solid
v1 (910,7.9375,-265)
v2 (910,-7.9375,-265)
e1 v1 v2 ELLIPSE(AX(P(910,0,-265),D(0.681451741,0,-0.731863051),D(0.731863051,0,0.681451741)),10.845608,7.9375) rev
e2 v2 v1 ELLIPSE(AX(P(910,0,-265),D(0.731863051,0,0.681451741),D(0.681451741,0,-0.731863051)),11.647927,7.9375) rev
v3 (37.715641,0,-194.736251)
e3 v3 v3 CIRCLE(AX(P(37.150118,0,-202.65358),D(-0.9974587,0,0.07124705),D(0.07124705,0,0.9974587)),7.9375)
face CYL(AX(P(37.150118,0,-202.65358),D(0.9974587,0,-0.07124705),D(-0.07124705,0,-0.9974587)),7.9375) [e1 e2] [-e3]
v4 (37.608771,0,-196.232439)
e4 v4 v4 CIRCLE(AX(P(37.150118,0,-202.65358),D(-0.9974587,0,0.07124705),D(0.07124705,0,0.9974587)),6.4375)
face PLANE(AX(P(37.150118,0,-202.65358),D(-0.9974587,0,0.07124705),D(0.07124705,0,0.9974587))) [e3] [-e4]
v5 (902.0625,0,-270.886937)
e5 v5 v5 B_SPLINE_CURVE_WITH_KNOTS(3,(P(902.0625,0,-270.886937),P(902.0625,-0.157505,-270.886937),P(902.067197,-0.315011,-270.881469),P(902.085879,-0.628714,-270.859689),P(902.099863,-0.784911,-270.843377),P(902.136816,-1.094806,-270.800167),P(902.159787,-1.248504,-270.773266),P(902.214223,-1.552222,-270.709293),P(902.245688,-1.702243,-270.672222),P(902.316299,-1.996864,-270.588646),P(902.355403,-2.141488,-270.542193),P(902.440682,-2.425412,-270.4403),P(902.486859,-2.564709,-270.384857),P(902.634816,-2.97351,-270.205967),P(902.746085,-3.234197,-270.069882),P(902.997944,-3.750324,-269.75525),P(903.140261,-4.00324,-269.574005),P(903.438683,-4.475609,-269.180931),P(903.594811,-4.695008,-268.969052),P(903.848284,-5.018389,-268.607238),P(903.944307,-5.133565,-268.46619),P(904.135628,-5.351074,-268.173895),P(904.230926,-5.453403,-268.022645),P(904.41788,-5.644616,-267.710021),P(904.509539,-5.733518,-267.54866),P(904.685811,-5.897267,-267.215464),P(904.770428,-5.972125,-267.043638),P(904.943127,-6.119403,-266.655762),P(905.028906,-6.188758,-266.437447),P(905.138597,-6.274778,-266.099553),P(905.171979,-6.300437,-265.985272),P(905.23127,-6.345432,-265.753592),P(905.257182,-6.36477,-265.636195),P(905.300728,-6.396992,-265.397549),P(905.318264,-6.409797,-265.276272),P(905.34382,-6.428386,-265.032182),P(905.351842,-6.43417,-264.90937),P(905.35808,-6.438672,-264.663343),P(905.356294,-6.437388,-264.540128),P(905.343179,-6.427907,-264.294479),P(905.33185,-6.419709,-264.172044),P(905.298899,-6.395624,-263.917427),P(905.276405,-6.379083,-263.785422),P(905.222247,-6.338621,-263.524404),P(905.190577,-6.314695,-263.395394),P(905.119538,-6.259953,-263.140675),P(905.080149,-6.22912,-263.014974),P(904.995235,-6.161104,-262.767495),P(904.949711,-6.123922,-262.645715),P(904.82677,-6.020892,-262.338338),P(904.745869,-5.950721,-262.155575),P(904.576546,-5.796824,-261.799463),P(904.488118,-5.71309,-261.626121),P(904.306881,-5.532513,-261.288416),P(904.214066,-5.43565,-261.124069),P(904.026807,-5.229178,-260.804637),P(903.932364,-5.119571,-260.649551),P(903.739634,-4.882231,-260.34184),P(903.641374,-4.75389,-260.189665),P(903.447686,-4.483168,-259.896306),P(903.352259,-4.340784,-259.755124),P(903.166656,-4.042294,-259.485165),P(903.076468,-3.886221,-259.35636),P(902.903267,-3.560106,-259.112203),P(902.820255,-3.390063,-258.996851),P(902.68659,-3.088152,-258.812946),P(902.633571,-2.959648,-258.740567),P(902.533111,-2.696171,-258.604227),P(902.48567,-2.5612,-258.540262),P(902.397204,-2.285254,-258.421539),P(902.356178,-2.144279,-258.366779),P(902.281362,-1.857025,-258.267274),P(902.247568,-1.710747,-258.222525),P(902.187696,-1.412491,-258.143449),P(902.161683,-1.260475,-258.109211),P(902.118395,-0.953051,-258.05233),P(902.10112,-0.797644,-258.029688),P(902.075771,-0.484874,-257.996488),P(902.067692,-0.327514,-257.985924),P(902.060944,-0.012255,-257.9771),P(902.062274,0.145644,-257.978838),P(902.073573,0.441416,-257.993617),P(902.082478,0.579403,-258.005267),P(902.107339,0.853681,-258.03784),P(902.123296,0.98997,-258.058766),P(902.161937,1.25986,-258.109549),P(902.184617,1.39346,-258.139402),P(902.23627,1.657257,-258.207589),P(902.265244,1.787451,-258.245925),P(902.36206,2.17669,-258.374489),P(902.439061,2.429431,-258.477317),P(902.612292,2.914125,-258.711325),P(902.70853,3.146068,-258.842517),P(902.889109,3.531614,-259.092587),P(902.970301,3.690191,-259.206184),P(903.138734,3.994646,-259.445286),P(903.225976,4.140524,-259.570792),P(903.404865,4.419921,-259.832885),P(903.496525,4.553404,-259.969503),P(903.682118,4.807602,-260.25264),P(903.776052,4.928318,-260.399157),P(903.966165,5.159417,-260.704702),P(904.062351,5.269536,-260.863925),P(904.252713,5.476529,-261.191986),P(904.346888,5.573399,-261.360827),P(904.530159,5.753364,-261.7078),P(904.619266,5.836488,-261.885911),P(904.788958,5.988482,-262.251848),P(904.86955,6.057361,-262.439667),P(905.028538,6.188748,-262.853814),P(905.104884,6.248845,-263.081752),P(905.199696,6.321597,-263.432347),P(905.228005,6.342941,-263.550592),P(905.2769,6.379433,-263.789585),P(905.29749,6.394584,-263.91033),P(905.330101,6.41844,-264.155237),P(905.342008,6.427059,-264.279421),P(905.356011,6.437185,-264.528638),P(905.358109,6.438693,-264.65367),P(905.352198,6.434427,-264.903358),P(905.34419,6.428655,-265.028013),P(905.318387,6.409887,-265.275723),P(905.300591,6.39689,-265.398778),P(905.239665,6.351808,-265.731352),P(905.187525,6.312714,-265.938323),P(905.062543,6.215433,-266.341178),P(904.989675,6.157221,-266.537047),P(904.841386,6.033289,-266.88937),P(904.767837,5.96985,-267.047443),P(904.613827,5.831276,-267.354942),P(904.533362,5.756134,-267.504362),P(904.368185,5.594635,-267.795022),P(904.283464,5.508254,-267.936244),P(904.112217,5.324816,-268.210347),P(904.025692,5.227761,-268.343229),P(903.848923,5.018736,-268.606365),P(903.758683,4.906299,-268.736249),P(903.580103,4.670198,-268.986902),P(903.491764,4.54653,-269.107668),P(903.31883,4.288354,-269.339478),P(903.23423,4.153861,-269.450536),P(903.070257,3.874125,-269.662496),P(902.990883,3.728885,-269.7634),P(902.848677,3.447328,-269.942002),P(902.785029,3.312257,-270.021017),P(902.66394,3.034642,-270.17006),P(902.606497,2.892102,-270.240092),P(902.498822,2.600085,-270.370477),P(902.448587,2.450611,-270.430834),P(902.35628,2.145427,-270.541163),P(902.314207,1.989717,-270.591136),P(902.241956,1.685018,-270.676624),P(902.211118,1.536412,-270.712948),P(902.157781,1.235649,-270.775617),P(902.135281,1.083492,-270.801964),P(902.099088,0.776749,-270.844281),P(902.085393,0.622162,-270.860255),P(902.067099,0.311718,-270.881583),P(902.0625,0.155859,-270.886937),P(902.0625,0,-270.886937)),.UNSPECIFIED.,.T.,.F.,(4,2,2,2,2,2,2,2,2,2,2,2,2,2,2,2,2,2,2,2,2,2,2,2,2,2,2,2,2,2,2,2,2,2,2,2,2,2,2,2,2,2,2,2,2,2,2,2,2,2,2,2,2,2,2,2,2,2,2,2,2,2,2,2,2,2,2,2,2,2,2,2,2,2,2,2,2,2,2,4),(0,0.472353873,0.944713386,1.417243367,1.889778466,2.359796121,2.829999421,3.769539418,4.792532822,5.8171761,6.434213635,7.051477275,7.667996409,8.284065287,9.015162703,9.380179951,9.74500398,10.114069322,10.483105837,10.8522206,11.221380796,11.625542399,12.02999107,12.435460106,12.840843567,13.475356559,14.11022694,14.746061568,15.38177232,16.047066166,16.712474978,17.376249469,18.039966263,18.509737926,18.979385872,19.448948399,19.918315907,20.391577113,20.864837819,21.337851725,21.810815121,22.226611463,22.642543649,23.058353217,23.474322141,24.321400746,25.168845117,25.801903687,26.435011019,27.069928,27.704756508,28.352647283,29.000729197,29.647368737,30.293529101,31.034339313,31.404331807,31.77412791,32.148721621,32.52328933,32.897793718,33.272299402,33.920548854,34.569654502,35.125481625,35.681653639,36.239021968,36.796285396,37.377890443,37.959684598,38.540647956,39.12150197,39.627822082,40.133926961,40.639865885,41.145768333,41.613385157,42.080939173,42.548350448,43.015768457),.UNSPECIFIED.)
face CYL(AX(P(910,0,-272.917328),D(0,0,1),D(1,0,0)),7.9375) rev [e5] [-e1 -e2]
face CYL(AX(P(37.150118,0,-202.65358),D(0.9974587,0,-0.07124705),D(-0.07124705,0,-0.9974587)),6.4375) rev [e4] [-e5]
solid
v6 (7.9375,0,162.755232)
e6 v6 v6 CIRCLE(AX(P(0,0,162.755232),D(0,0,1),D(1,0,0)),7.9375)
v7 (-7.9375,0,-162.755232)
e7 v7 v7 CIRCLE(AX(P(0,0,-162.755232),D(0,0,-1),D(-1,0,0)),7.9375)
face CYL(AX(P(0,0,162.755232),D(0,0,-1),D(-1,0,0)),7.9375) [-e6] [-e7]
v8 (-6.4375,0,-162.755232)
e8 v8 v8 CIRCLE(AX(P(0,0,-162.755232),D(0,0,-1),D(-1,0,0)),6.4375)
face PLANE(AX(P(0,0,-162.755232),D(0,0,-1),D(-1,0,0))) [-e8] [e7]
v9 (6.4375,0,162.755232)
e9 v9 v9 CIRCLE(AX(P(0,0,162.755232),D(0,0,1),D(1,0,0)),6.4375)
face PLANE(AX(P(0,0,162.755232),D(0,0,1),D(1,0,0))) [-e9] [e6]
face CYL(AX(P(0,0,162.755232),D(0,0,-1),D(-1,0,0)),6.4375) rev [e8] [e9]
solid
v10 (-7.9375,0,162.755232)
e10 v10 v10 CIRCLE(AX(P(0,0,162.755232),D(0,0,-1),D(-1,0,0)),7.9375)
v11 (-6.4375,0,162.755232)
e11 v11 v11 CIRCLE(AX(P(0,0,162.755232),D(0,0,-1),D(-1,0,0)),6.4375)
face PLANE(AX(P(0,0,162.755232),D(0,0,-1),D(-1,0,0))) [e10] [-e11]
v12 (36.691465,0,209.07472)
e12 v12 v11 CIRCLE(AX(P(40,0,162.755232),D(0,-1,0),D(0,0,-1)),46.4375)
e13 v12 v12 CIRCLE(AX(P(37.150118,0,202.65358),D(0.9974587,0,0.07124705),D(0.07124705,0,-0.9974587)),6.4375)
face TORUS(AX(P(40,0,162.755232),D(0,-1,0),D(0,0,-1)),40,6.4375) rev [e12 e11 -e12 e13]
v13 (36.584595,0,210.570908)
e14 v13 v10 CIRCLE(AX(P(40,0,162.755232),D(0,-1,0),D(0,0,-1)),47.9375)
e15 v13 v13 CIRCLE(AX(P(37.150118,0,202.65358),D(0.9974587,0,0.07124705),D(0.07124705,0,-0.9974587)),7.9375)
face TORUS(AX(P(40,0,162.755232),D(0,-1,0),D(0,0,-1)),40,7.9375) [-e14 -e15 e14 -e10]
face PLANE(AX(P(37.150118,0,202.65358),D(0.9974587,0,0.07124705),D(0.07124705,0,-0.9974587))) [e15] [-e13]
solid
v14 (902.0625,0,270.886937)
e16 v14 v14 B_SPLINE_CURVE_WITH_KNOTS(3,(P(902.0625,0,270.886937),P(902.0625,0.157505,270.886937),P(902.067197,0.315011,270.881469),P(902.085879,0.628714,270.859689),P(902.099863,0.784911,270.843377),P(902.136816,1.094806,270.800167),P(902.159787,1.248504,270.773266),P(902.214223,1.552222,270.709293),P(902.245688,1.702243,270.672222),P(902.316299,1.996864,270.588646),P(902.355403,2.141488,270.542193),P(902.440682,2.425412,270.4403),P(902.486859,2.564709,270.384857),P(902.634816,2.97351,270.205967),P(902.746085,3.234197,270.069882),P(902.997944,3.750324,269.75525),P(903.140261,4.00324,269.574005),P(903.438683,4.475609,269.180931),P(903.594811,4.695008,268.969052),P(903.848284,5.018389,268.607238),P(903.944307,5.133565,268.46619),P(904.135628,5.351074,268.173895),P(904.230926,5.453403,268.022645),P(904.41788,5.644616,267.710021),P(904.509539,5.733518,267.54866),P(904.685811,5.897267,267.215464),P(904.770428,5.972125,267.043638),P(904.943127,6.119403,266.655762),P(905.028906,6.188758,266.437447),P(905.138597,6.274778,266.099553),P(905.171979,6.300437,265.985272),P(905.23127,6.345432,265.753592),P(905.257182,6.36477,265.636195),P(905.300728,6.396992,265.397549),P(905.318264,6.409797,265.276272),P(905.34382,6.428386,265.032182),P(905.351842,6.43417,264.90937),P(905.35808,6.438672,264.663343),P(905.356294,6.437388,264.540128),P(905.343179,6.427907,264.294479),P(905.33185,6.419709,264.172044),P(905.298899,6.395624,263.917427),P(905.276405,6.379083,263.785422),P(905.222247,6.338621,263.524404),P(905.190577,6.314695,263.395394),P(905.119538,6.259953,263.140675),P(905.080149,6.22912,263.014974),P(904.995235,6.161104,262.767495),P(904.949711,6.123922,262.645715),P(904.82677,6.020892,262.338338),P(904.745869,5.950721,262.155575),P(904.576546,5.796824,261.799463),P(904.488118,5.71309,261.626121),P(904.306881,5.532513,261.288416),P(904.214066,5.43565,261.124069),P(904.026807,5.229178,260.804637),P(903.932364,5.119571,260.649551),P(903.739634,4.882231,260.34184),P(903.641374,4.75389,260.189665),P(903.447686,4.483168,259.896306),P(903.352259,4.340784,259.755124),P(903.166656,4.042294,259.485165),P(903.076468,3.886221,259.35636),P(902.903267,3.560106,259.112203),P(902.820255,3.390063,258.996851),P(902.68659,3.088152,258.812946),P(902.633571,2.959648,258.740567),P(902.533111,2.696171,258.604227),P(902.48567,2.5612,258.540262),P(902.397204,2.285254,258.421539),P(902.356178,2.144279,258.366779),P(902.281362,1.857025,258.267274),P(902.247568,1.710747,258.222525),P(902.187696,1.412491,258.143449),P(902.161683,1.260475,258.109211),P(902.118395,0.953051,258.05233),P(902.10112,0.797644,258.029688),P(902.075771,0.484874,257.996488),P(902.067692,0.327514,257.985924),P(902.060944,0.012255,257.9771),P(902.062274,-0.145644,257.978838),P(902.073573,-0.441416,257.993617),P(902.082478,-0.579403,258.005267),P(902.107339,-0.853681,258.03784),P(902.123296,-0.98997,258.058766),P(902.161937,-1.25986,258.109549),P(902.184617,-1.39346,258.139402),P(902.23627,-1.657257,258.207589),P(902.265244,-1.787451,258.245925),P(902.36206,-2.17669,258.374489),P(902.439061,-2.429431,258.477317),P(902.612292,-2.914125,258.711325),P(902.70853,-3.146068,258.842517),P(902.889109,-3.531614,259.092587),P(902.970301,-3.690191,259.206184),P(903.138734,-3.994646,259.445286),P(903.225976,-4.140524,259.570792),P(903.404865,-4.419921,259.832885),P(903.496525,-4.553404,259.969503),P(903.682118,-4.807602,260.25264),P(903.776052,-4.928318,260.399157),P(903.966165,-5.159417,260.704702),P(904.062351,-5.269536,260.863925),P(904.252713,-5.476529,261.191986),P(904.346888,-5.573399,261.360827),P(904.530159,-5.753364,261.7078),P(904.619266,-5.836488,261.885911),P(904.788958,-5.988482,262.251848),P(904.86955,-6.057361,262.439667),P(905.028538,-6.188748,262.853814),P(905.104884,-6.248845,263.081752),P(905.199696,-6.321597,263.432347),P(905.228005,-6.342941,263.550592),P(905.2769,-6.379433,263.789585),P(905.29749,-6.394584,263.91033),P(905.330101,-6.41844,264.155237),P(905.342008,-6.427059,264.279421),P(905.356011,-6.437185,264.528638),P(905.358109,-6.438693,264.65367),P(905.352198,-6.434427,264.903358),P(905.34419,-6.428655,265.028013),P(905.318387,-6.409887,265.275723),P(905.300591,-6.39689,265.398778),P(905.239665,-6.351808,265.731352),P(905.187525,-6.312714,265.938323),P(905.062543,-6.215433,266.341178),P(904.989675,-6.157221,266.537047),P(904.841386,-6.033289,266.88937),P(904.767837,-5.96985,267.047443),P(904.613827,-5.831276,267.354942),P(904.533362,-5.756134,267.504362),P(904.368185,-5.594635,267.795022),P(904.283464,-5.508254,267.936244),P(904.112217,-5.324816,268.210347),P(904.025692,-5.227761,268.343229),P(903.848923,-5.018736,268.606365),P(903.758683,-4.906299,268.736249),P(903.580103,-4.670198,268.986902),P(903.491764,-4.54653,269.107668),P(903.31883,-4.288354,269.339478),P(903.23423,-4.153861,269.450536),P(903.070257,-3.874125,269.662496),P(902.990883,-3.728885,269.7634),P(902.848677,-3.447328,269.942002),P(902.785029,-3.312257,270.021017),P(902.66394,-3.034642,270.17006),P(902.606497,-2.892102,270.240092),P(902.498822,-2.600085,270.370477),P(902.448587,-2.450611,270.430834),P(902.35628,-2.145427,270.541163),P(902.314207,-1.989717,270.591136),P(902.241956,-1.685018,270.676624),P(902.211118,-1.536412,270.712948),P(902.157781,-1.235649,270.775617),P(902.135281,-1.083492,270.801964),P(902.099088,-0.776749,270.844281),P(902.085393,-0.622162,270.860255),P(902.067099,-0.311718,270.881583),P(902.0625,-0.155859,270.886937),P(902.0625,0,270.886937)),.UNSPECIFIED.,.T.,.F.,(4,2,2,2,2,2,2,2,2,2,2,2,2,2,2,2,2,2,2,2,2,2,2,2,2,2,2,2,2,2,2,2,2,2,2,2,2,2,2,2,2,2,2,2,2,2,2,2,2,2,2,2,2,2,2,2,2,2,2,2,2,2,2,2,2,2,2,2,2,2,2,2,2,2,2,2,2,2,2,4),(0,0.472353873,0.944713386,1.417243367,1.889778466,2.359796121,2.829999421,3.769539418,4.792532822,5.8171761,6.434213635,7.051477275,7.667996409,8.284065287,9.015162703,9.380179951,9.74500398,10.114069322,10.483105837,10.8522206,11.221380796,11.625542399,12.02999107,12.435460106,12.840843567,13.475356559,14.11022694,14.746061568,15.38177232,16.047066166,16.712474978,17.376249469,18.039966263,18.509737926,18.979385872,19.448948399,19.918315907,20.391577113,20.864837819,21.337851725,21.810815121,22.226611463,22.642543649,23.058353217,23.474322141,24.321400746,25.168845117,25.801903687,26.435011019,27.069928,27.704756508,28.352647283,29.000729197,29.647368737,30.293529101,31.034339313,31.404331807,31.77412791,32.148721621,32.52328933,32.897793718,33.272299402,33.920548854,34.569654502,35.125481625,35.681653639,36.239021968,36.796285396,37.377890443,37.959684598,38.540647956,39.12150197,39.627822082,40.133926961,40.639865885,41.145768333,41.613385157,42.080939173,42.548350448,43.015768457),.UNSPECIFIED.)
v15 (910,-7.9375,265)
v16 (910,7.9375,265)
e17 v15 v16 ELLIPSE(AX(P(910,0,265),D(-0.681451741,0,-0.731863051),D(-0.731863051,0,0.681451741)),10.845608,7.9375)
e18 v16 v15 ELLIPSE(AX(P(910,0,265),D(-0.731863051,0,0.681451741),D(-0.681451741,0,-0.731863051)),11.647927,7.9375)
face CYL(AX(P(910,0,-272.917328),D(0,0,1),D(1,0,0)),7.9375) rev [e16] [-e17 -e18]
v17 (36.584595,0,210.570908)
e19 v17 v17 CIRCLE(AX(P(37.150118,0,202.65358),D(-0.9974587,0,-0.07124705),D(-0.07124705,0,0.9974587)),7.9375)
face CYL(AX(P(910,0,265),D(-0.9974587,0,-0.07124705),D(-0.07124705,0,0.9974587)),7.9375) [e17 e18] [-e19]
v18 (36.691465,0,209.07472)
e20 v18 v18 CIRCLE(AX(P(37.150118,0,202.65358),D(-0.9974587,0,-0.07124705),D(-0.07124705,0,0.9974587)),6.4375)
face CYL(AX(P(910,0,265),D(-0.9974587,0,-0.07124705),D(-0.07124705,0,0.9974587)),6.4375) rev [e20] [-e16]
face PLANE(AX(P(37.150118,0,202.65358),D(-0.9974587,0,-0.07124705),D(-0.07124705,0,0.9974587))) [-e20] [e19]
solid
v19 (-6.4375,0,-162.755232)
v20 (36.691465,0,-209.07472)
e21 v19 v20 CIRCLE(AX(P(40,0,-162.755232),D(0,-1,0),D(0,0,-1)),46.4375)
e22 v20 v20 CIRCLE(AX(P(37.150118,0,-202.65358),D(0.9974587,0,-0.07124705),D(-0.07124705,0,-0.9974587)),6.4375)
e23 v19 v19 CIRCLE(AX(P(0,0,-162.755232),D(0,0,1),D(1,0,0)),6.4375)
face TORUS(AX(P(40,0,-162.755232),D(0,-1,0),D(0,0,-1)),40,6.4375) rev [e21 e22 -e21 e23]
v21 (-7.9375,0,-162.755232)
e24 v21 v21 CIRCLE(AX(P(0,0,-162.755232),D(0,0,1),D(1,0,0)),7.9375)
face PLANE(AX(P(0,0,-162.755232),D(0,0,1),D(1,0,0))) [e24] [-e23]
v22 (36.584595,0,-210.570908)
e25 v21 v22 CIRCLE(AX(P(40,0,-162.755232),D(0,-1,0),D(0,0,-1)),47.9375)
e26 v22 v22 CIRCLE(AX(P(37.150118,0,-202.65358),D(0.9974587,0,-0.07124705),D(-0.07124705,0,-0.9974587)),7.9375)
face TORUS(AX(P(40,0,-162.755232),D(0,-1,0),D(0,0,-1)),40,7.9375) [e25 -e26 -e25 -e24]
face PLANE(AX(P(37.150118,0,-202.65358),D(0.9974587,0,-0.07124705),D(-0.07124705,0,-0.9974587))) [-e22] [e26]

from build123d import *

# Parameters (mm, degrees)
SKETCH1_ON_SEGMENT_1_R               = 7.9375
SKETCH1_ON_SEGMENT_1_R_2             = 6.4375
PIPE_CONFIGURED_21_3_X_2_3_1_DEPTH   = 875.073706959
SKETCH1_ON_SEGMENT_2_R               = 7.9375
SKETCH1_ON_SEGMENT_2_R_2             = 6.4375
PIPE_CONFIGURED_21_3_X_2_3_1_2_ANGLE = 85.91438322
SKETCH1_ON_SEGMENT_3_R               = 7.9375
SKETCH1_ON_SEGMENT_3_R_2             = 6.4375
PIPE_CONFIGURED_21_3_X_2_3_1_3_DEPTH = 325.510463728
SKETCH1_ON_SEGMENT_4_R               = 7.9375
SKETCH1_ON_SEGMENT_4_R_2             = 6.4375
PIPE_CONFIGURED_21_3_X_2_3_1_4_ANGLE = 85.91438322
SKETCH1_R                            = 7.9375
SKETCH1_R_2                          = 6.4375
PIPE_CONFIGURED_21_3_X_2_3_1_5_DEPTH = 875.073706959
CORTE_EXTRUS_O1_DEPTH                = 951.618979706
CORTE_EXTRUS_O1_DEPTH_BACK           = 951.618979706
ESBO_O2_R                            = 7.9375


with BuildPart() as part:
    # Sketch1 on segment 1 (carried to segment 1) → Pipe - configured 21.3 X 2.3(1) (new body)
    with BuildSketch(Plane(origin=(37.150118, 0, -202.653579857), x_dir=(-0.07124705, 0, -0.9974587), z_dir=(0.9974587, 0, -0.07124705))):
        Circle(SKETCH1_ON_SEGMENT_1_R)
        Circle(SKETCH1_ON_SEGMENT_1_R_2, mode=Mode.SUBTRACT)
    extrude(amount=PIPE_CONFIGURED_21_3_X_2_3_1_DEPTH)


with BuildPart() as body_2:
    # Sketch1 on segment 2 (carried to the start of arc 2) → Pipe - configured 21.3 X 2.3_1 2 (revolve)
    with BuildSketch(Plane(origin=(0, 0, -162.755231864), x_dir=(-1, 0, 0), z_dir=(0, 0, -1))):
        Circle(SKETCH1_ON_SEGMENT_2_R)
        Circle(SKETCH1_ON_SEGMENT_2_R_2, mode=Mode.SUBTRACT)
    revolve(axis=Axis((40, 0, -162.755231864), (0, -1, 0)), revolution_arc=PIPE_CONFIGURED_21_3_X_2_3_1_2_ANGLE)


with BuildPart() as body_3:
    # Sketch1 on segment 3 (carried to segment 3) → Pipe - configured 21.3 X 2.3_1 3 (new body)
    with BuildSketch(Plane.XY.offset(-162.755231864)):
        Circle(SKETCH1_ON_SEGMENT_3_R)
        Circle(SKETCH1_ON_SEGMENT_3_R_2, mode=Mode.SUBTRACT)
    extrude(amount=PIPE_CONFIGURED_21_3_X_2_3_1_3_DEPTH)


with BuildPart() as body_4:
    # Sketch1 on segment 4 (carried to the start of arc 4) → Pipe - configured 21.3 X 2.3_1 4 (revolve)
    with BuildSketch(Plane.XY.offset(162.755231864)):
        Circle(SKETCH1_ON_SEGMENT_4_R)
        Circle(SKETCH1_ON_SEGMENT_4_R_2, mode=Mode.SUBTRACT)
    revolve(axis=Axis((40, 0, 162.755231864), (0, 1, 0)), revolution_arc=PIPE_CONFIGURED_21_3_X_2_3_1_4_ANGLE)


with BuildPart() as body_5:
    # Sketch1 → Pipe - configured 21.3 X 2.3_1 5 (new body)
    with BuildSketch(Plane(origin=(37.150118, 0, 202.653579857), x_dir=(0.07124704998790964, 0, -0.997458699830735), z_dir=(0.997458699830735, 0, 0.07124704998790964))):
        Circle(SKETCH1_R)
        Circle(SKETCH1_R_2, mode=Mode.SUBTRACT)
    extrude(amount=PIPE_CONFIGURED_21_3_X_2_3_1_5_DEPTH)


with BuildPart() as corte_extrus_o1_tool:
    # Esboço2 → Corte-extrusão1 (new, two sides: drawn at the far end of the back side and taken through both)
    with BuildSketch(Plane.XY.offset(-CORTE_EXTRUS_O1_DEPTH_BACK)):
        with Locations((910, 0)):
            Circle(ESBO_O2_R)
    extrude(amount=CORTE_EXTRUS_O1_DEPTH + CORTE_EXTRUS_O1_DEPTH_BACK)


with BuildPart() as part_1:
    add(part.part)

    # Corte-extrusão1: cut by corte_extrus_o1_tool
    add(corte_extrus_o1_tool.part, mode=Mode.SUBTRACT)


with BuildPart() as body_5_1:
    add(body_5.part)

    # Corte-extrusão1: cut by corte_extrus_o1_tool
    add(corte_extrus_o1_tool.part, mode=Mode.SUBTRACT)


solid = Compound([body_2.part, body_3.part, body_4.part, part_1.part, body_5_1.part])
